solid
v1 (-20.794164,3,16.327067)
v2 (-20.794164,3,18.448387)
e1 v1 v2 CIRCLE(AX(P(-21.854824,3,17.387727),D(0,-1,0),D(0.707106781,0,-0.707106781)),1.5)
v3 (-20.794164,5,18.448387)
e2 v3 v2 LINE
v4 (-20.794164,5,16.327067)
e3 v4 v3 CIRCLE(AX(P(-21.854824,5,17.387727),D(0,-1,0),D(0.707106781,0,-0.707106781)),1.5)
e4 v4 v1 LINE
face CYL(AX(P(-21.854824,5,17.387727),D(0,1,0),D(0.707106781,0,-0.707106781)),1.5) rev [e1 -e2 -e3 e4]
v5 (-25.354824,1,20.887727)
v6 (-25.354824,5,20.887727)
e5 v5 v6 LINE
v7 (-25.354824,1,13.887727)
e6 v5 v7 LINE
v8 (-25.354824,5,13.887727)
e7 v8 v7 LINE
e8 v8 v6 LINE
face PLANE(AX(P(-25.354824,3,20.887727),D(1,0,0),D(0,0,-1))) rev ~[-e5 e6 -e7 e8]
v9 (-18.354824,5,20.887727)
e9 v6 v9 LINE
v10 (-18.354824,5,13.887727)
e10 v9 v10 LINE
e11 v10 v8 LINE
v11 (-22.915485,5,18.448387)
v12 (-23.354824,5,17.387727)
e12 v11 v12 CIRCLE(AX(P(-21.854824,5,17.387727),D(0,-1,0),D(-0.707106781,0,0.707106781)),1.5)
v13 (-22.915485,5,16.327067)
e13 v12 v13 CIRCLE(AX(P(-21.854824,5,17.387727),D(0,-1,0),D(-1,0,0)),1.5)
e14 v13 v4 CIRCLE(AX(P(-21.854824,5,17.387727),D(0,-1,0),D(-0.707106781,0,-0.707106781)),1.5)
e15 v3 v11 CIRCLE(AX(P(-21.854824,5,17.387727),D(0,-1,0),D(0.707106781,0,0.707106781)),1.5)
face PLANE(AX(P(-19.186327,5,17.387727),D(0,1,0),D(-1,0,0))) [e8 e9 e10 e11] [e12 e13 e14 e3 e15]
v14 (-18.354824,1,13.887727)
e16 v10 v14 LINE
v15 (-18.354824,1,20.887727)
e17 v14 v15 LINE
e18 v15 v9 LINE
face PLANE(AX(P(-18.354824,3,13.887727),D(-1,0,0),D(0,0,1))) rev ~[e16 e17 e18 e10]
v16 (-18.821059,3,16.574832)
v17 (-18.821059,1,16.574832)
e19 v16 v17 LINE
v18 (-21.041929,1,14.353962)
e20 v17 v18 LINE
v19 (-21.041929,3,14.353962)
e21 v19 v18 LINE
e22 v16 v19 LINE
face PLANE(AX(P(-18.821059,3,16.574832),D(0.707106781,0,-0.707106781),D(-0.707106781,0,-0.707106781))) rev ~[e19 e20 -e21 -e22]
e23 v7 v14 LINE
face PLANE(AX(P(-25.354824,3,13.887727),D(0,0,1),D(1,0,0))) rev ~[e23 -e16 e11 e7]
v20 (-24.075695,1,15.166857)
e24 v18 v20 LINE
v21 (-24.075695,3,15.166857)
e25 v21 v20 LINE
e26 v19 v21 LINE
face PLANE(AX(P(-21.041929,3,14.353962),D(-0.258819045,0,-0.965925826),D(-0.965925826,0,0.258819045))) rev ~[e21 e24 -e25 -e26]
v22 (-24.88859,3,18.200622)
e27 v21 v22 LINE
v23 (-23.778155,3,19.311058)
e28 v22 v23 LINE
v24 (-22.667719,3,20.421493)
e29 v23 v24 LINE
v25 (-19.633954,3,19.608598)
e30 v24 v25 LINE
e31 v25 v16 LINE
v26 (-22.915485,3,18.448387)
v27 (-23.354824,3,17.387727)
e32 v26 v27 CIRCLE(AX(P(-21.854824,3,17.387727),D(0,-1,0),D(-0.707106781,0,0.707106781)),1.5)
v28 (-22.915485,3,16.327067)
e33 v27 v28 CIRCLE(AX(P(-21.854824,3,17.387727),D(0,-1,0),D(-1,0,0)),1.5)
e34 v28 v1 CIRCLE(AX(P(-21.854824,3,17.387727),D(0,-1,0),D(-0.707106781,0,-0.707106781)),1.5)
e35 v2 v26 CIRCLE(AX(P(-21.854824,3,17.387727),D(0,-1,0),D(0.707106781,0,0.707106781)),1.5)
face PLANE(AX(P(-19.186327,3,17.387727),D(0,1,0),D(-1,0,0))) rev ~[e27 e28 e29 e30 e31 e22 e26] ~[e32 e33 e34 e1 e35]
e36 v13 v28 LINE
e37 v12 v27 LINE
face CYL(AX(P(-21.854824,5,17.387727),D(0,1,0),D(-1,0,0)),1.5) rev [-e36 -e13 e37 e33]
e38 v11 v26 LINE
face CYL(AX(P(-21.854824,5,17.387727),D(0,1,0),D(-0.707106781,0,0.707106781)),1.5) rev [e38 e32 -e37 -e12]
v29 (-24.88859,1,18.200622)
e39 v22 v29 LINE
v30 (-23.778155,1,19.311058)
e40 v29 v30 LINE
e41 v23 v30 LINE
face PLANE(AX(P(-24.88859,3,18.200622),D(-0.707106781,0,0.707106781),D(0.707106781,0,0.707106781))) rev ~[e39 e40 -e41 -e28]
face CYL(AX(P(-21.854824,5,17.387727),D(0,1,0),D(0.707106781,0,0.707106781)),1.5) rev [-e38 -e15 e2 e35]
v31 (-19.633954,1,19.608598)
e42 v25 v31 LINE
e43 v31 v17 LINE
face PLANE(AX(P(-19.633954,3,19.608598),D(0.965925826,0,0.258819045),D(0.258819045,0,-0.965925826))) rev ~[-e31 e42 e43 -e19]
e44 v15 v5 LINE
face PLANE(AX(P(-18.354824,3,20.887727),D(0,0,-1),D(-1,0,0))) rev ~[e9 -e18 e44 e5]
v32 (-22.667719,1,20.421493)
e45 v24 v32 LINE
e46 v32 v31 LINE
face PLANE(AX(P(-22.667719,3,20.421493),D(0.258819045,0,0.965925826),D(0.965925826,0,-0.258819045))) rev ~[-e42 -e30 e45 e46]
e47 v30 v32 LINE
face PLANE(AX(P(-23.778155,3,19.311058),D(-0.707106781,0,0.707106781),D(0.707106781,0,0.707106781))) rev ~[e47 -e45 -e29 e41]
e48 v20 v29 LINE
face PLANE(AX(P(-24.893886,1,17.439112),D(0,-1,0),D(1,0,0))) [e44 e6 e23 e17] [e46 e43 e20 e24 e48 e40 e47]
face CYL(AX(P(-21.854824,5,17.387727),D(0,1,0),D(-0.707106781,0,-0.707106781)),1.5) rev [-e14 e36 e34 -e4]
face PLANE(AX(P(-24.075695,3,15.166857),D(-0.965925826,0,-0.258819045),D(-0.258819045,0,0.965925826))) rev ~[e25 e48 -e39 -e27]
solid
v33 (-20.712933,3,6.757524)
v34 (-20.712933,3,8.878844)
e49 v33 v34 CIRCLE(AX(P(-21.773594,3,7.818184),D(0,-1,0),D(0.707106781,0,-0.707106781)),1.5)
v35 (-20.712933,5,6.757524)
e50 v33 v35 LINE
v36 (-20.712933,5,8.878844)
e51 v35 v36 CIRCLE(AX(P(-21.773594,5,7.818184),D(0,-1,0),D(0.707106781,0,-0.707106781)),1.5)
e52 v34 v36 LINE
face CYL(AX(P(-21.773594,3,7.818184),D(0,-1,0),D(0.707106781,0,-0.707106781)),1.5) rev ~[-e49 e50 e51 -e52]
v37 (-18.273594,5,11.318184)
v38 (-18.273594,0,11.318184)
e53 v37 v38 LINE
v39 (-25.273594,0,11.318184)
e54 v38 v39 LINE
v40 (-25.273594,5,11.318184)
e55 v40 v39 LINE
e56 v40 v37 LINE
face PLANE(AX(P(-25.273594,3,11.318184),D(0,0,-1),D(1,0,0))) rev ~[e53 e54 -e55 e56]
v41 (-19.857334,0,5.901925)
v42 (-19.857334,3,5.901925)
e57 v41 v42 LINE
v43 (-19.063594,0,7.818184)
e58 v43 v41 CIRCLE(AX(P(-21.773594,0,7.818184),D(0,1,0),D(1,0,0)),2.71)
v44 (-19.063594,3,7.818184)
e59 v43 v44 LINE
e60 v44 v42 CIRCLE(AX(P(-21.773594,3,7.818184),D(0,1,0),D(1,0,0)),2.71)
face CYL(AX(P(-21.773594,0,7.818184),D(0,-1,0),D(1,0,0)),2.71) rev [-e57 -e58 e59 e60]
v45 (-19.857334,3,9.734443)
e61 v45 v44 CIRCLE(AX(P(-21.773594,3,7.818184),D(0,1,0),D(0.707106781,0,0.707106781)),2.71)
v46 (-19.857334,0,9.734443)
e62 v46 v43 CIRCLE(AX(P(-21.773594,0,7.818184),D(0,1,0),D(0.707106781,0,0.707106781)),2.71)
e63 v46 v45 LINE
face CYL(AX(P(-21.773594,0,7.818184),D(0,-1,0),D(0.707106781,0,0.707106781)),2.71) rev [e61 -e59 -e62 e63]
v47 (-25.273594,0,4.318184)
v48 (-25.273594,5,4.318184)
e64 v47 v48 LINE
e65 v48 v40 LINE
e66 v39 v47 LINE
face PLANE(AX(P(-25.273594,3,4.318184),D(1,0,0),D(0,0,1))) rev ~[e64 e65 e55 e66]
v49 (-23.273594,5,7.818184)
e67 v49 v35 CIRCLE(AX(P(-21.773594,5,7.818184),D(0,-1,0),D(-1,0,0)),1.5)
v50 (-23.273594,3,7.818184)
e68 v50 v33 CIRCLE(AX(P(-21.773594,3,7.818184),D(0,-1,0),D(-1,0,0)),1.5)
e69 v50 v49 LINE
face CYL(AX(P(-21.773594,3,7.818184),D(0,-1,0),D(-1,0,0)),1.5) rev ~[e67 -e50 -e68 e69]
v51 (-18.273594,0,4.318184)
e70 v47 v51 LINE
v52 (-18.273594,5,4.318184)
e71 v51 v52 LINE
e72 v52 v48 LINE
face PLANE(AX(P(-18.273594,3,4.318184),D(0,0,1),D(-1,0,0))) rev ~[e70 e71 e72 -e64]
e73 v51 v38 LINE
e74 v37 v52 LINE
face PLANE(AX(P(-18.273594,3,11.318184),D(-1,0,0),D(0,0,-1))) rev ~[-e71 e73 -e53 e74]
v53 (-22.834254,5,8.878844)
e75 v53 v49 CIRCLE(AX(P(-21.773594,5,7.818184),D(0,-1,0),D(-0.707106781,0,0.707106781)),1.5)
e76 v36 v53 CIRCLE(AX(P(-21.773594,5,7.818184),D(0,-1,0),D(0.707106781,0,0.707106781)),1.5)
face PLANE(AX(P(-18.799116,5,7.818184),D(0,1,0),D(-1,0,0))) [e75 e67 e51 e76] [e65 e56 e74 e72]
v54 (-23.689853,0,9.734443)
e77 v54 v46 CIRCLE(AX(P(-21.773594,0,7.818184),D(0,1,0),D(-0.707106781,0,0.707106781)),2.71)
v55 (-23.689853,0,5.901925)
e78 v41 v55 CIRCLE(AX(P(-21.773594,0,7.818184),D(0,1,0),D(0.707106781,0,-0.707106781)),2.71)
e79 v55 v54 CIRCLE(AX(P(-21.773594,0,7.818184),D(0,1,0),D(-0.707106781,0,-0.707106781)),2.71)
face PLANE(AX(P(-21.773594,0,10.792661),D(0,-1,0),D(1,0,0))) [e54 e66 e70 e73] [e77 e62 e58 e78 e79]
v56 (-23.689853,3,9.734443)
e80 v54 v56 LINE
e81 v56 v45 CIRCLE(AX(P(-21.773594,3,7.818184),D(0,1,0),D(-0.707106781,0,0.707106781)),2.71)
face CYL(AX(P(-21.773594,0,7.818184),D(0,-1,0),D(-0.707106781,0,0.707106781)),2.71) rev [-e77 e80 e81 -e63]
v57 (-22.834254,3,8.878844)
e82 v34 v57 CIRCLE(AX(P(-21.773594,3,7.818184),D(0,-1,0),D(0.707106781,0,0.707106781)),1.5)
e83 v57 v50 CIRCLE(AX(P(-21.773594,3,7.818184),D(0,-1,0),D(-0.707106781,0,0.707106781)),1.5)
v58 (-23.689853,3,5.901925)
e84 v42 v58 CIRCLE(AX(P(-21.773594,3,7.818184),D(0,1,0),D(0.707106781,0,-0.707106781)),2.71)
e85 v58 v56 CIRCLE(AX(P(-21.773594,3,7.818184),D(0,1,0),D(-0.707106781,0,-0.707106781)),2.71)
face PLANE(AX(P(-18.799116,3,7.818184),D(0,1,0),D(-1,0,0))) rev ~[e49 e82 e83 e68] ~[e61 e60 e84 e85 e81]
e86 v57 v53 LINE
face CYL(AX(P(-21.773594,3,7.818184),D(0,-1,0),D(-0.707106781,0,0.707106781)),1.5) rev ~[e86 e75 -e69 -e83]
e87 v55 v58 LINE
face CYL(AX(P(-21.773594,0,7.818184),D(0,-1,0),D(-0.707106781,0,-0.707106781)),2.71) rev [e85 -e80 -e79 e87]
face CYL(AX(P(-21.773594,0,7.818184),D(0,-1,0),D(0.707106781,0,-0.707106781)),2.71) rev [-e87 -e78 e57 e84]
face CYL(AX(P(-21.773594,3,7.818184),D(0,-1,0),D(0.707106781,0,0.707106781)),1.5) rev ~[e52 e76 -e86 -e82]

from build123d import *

# Parameters (mm, degrees)
F1_DEPTH = 3
F3_DEPTH = 2
F5_DEPTH = 2
F7_DEPTH = 2


with BuildPart() as f1:
    # F0 (on Front) → F1 (new body)
    with BuildSketch(Plane.XZ):
        with BuildLine():
            Line((-18.2735935003, 11.3181839303), (-25.2735935003, 11.3181839303))
            Line((-25.2735935003, 11.3181839303), (-23.6898528773, 9.7344433073))
            ThreePointArc((-23.6898528773, 9.7344433073), (-21.7735935003, 10.5281839303), (-19.8573341232, 9.7344433073))
            Line((-19.8573341232, 9.7344433073), (-18.2735935003, 11.3181839303))
        make_face()
        with BuildLine():
            Line((-23.6898528773, 9.7344433073), (-25.2735935003, 11.3181839303))
            Line((-25.2735935003, 11.3181839303), (-25.2735935003, 4.3181839303))
            Line((-25.2735935003, 4.3181839303), (-23.6898528773, 5.9019245533))
            ThreePointArc((-23.6898528773, 5.9019245533), (-24.4835935003, 7.8181839303), (-23.6898528773, 9.7344433073))
        make_face()
        with BuildLine():
            Line((-23.6898528773, 5.9019245533), (-25.2735935003, 4.3181839303))
            Line((-25.2735935003, 4.3181839303), (-18.2735935003, 4.3181839303))
            Line((-18.2735935003, 4.3181839303), (-19.8573341232, 5.9019245533))
            ThreePointArc((-19.8573341232, 5.9019245533), (-21.7735935003, 5.1081839303), (-23.6898528773, 5.9019245533))
        make_face()
        with BuildLine():
            Line((-18.2735935003, 4.3181839303), (-18.2735935003, 11.3181839303))
            Line((-18.2735935003, 11.3181839303), (-19.8573341232, 9.7344433073))
            ThreePointArc((-19.8573341232, 9.7344433073), (-19.2698799672, 8.855256032), (-19.0635935003, 7.8181839303))
            ThreePointArc((-19.0635935003, 7.8181839303), (-19.2698799672, 6.7811118286), (-19.8573341232, 5.9019245533))
            Line((-19.8573341232, 5.9019245533), (-18.2735935003, 4.3181839303))
        make_face()
    extrude(amount=-F1_DEPTH)

    # F2 (on face) → F3 (join)
    with BuildSketch(Plane(origin=(0, 3, 0), x_dir=(-1, 0, 0), z_dir=(0, 1, 0))):
        with BuildLine():
            Line((19.8573341232, 9.7344433073), (18.2735935003, 11.3181839303))
            Line((18.2735935003, 11.3181839303), (18.2735935003, 4.3181839303))
            Line((18.2735935003, 4.3181839303), (19.8573341232, 5.9019245533))
            ThreePointArc((19.8573341232, 5.9019245533), (19.0635935003, 7.8181839303), (19.8573341232, 9.7344433073))
        make_face()
        with BuildLine():
            Line((20.7129333285, 8.878844102), (19.8573341232, 9.7344433073))
            ThreePointArc((19.8573341232, 9.7344433073), (19.0635935003, 7.8181839303), (19.8573341232, 5.9019245533))
            Line((19.8573341232, 5.9019245533), (20.7129333285, 6.7575237585))
            ThreePointArc((20.7129333285, 6.7575237585), (20.2735935003, 7.8181839303), (20.7129333285, 8.878844102))
        make_face()
        with BuildLine():
            Line((20.7129333285, 6.7575237585), (19.8573341232, 5.9019245533))
            ThreePointArc((19.8573341232, 5.9019245533), (21.7735935003, 5.1081839303), (23.6898528773, 5.9019245533))
            Line((23.6898528773, 5.9019245533), (22.834253672, 6.7575237585))
            ThreePointArc((22.834253672, 6.7575237585), (21.7735935003, 6.3181839303), (20.7129333285, 6.7575237585))
        make_face()
        with BuildLine():
            Line((19.8573341232, 5.9019245533), (18.2735935003, 4.3181839303))
            Line((18.2735935003, 4.3181839303), (25.2735935003, 4.3181839303))
            Line((25.2735935003, 4.3181839303), (23.6898528773, 5.9019245533))
            ThreePointArc((23.6898528773, 5.9019245533), (21.7735935003, 5.1081839303), (19.8573341232, 5.9019245533))
        make_face()
        with BuildLine():
            Line((25.2735935003, 4.3181839303), (25.2735935003, 11.3181839303))
            Line((25.2735935003, 11.3181839303), (23.6898528773, 9.7344433073))
            ThreePointArc((23.6898528773, 9.7344433073), (24.2773070334, 8.855256032), (24.4835935003, 7.8181839303))
            ThreePointArc((24.4835935003, 7.8181839303), (24.2773070334, 6.7811118286), (23.6898528773, 5.9019245533))
            Line((23.6898528773, 5.9019245533), (25.2735935003, 4.3181839303))
        make_face()
        with BuildLine():
            ThreePointArc((24.4835935003, 7.8181839303), (24.2773070334, 8.855256032), (23.6898528773, 9.7344433073))
            Line((23.6898528773, 9.7344433073), (22.834253672, 8.878844102))
            ThreePointArc((22.834253672, 8.878844102), (23.159412799, 8.3922090788), (23.2735935003, 7.8181839303))
            ThreePointArc((23.2735935003, 7.8181839303), (23.159412799, 7.2441587817), (22.834253672, 6.7575237585))
            Line((22.834253672, 6.7575237585), (23.6898528773, 5.9019245533))
            ThreePointArc((23.6898528773, 5.9019245533), (24.2773070334, 6.7811118286), (24.4835935003, 7.8181839303))
        make_face()
        with BuildLine():
            ThreePointArc((23.6898528773, 9.7344433073), (21.7735935003, 10.5281839303), (19.8573341232, 9.7344433073))
            Line((19.8573341232, 9.7344433073), (20.7129333285, 8.878844102))
            ThreePointArc((20.7129333285, 8.878844102), (21.7735935003, 9.3181839303), (22.834253672, 8.878844102))
            Line((22.834253672, 8.878844102), (23.6898528773, 9.7344433073))
        make_face()
        with BuildLine():
            Line((25.2735935003, 11.3181839303), (18.2735935003, 11.3181839303))
            Line((18.2735935003, 11.3181839303), (19.8573341232, 9.7344433073))
            ThreePointArc((19.8573341232, 9.7344433073), (21.7735935003, 10.5281839303), (23.6898528773, 9.7344433073))
            Line((23.6898528773, 9.7344433073), (25.2735935003, 11.3181839303))
        make_face()
    extrude(amount=F3_DEPTH)


with BuildPart() as f5:
    # F4 (on face) → F5 (new body)
    with BuildSketch(Plane(origin=(0, 5, 0), x_dir=(-1, 0, 0), z_dir=(0, 1, 0))):
        with BuildLine():
            Line((18.3548243865, 20.8877273196), (18.3548243865, 13.8877273196))
            Line((18.3548243865, 13.8877273196), (20.7941642148, 16.3270671479))
            ThreePointArc((20.7941642148, 16.3270671479), (20.3548243865, 17.3877273196), (20.7941642148, 18.4483874914))
            Line((20.7941642148, 18.4483874914), (18.3548243865, 20.8877273196))
        make_face()
        with BuildLine():
            Line((18.3548243865, 13.8877273196), (25.3548243865, 13.8877273196))
            Line((25.3548243865, 13.8877273196), (22.9154845583, 16.3270671479))
            ThreePointArc((22.9154845583, 16.3270671479), (21.8548243865, 15.8877273196), (20.7941642148, 16.3270671479))
            Line((20.7941642148, 16.3270671479), (18.3548243865, 13.8877273196))
        make_face()
        with BuildLine():
            Line((22.9154845583, 16.3270671479), (25.3548243865, 13.8877273196))
            Line((25.3548243865, 13.8877273196), (25.3548243865, 20.8877273196))
            Line((25.3548243865, 20.8877273196), (22.9154845583, 18.4483874914))
            ThreePointArc((22.9154845583, 18.4483874914), (23.2406436853, 17.9617524682), (23.3548243865, 17.3877273196))
            ThreePointArc((23.3548243865, 17.3877273196), (23.2406436853, 16.8137021711), (22.9154845583, 16.3270671479))
        make_face()
        with BuildLine():
            Line((22.9154845583, 18.4483874914), (25.3548243865, 20.8877273196))
            Line((25.3548243865, 20.8877273196), (18.3548243865, 20.8877273196))
            Line((18.3548243865, 20.8877273196), (20.7941642148, 18.4483874914))
            ThreePointArc((20.7941642148, 18.4483874914), (21.8548243865, 18.8877273196), (22.9154845583, 18.4483874914))
        make_face()
    extrude(amount=-F5_DEPTH)

    # F6 (on face) → F7 (join)
    with BuildSketch(Plane.XZ.offset(-3)):
        Polygon((-23.7781548314, 19.3110577645), (-25.3548243865, 20.8877273196), (-25.3548243865, 13.8877273196), (-24.0756950867, 15.1668566195), (-24.8885901814, 18.2006224144), align=None)
        Polygon((-24.0756950867, 15.1668566195), (-25.3548243865, 13.8877273196), (-18.3548243865, 13.8877273196), (-19.9314939417, 15.4643968748), (-21.0419292918, 14.3539615247), align=None)
        Polygon((-18.3548243865, 13.8877273196), (-18.3548243865, 20.8877273196), (-19.6339536864, 19.6085980198), (-18.8210585916, 16.5748322249), (-19.9314939417, 15.4643968748), align=None)
        Polygon((-18.3548243865, 20.8877273196), (-25.3548243865, 20.8877273196), (-23.7781548314, 19.3110577645), (-22.6677194813, 20.4214931145), (-19.6339536864, 19.6085980198), align=None)
    extrude(amount=F7_DEPTH)


solid = Compound([f1.part, f5.part])
